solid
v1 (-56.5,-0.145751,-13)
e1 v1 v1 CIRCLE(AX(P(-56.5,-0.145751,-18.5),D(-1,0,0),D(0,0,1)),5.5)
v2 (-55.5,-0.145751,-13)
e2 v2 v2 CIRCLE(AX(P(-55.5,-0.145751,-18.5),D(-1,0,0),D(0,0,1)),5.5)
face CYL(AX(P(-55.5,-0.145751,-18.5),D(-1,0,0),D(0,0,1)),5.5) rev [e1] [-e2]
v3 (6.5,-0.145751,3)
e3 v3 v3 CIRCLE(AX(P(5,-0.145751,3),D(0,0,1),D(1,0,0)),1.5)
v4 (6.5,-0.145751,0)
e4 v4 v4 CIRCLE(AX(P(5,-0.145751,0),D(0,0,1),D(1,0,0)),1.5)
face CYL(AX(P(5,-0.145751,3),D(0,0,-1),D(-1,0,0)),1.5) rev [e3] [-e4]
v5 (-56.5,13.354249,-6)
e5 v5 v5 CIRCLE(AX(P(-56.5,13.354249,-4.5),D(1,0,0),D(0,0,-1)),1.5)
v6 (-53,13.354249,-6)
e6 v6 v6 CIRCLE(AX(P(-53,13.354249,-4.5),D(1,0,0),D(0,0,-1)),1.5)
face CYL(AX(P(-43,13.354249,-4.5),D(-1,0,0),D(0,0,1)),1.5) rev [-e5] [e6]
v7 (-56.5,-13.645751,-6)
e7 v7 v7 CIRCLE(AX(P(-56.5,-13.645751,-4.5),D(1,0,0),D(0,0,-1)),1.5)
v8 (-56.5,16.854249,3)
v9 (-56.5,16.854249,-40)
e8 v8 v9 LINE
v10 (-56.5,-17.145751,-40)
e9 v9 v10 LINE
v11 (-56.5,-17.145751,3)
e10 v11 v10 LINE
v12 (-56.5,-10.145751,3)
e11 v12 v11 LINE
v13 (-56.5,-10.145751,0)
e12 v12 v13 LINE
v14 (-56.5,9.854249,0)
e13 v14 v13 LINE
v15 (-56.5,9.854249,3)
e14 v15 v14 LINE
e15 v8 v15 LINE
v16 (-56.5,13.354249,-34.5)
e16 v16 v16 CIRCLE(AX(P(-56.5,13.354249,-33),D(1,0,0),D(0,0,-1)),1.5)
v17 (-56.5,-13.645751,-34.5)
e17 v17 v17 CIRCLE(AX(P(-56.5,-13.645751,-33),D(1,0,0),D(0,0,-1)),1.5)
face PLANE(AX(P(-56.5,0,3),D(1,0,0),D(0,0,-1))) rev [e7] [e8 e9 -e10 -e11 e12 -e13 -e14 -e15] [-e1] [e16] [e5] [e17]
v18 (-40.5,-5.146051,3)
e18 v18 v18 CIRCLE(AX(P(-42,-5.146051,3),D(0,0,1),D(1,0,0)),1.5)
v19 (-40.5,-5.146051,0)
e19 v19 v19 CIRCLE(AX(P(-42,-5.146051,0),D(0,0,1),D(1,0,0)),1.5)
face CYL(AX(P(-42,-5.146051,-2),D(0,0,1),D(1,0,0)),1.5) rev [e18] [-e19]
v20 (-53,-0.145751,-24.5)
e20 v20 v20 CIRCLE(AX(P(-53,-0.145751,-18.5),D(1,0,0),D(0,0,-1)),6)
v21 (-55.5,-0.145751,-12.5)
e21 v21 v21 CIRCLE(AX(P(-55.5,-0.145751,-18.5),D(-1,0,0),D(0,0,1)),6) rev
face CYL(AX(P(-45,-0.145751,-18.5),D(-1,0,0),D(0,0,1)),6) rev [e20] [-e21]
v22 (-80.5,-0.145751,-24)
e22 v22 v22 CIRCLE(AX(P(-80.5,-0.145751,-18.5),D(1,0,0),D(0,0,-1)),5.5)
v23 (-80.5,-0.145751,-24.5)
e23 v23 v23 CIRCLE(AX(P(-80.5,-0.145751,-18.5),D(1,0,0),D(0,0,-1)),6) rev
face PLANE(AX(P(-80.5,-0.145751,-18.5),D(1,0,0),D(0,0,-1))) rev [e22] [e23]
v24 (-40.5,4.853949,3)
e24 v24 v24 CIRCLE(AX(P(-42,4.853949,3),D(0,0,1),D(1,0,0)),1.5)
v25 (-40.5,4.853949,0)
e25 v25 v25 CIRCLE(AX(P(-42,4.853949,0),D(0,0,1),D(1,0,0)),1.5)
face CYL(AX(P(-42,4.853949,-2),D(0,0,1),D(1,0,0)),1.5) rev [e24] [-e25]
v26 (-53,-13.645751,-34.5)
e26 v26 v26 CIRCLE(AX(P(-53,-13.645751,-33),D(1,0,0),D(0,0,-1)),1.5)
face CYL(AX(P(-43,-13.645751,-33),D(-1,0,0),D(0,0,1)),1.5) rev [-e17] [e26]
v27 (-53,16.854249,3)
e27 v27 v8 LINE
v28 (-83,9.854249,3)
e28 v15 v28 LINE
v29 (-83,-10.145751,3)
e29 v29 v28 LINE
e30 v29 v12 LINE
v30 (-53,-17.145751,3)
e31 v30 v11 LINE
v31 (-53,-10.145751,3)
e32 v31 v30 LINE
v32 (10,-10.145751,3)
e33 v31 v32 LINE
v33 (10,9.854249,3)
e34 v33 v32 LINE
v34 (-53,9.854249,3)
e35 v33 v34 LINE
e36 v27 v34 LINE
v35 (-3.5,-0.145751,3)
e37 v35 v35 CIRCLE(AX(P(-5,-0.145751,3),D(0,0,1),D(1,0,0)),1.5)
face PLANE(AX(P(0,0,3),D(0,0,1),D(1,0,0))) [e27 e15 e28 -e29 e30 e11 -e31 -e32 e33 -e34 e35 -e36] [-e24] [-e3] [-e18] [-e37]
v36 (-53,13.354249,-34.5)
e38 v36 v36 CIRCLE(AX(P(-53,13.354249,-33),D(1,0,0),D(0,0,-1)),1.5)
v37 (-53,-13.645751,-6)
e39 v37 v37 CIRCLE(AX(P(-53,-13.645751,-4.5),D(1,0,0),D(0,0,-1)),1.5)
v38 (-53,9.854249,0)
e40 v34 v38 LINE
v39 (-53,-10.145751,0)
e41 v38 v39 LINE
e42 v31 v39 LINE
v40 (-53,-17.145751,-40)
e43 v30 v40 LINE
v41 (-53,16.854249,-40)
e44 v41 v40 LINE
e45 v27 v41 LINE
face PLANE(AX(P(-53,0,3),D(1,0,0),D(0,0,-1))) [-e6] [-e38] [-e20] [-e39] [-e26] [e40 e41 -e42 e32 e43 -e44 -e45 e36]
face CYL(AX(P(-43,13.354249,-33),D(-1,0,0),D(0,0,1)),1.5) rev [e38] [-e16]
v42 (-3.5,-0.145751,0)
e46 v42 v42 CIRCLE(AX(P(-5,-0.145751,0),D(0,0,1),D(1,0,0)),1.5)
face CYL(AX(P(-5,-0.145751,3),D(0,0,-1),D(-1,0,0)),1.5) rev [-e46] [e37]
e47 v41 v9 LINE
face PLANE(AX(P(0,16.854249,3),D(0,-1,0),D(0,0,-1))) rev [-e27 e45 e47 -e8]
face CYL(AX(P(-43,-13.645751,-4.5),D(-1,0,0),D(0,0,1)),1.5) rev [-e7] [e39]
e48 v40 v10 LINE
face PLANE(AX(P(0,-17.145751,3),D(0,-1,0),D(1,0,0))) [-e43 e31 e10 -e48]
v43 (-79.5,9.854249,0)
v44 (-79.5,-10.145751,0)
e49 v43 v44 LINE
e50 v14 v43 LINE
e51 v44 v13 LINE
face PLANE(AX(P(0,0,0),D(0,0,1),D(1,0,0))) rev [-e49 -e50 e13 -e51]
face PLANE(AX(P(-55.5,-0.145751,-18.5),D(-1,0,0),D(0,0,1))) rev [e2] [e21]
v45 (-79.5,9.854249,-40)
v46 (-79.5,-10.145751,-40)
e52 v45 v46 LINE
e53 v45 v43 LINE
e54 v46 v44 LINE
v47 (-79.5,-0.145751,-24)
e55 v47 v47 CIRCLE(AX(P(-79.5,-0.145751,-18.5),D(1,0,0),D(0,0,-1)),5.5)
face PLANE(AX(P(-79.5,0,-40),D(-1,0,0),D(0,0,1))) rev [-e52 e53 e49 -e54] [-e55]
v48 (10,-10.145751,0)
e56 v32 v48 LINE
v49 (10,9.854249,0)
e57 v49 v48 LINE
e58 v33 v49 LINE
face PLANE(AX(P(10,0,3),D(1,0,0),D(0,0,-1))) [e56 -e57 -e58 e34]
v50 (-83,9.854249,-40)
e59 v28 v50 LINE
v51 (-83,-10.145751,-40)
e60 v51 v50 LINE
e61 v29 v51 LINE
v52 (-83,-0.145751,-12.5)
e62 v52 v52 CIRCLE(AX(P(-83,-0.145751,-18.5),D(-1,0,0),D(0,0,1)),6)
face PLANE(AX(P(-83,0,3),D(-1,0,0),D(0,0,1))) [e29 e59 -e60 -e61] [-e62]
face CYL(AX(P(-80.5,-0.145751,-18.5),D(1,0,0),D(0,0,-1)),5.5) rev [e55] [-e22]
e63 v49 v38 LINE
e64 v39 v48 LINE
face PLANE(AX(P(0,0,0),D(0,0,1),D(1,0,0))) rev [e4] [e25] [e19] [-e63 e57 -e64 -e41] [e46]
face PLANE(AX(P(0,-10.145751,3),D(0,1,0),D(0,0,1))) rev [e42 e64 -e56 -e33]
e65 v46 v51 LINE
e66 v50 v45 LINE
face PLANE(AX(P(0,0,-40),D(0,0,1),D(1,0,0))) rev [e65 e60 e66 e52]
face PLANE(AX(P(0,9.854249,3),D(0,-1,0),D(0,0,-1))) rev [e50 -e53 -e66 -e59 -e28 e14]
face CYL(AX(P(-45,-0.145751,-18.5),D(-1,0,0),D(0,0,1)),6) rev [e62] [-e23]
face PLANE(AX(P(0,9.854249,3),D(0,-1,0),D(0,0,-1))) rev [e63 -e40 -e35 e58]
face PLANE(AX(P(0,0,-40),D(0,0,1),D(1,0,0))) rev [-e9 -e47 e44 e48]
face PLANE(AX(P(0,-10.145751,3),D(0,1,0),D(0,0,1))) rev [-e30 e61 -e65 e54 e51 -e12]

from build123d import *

# Parameters (mm, degrees)
SKETCH_1_R          = 1.5
EXTRUDE_1_DEPTH     = 3
EXTRUDE_2_DEPTH     = 40
SKETCH_2_R          = 1.5
CUT_EXTRUDE_1_DEPTH = 10
SKETCH_1_4_W        = 3.5
SKETCH_1_4_H        = 20
EXTRUDE_3_DEPTH     = 40
SKETCH_3_R          = 6
CUT_EXTRUDE_2_DEPTH = 38
SKETCH_4_R          = 6
SKETCH_4_R_2        = 5.5
EXTRUDE_4_DEPTH     = 1
EXTRUDE_START       = -1
SKETCH_5_R          = 6
SKETCH_5_R_2        = 5.5
EXTRUDE_5_DEPTH     = 1
SKETCH_7_R          = 1.5
CUT_EXTRUDE_4_DEPTH = 5


with BuildPart() as part:
    # 草图1 → 凸台-拉伸1 (new body)
    with BuildSketch(Plane.XY):
        Polygon((10, 9.854248689), (-53, 9.854248689), (-53, 16.854248689), (-56.5, 16.854248689), (-56.5, 9.854248689), (-83, 9.854248689), (-83, -10.145751311), (-56.5, -10.145751311), (-56.5, -17.145751311), (-53, -17.145751311), (-53, -10.145751311), (10, -10.145751311), align=None)
        with Locations((-5, -0.145751311)):
            Circle(SKETCH_1_R, mode=Mode.SUBTRACT)
        with Locations((5, -0.145751311)):
            Circle(SKETCH_1_R, mode=Mode.SUBTRACT)
    extrude(amount=EXTRUDE_1_DEPTH)

    # 草图1<3> → 凸台-拉伸2 (add)
    with BuildSketch(Plane.XY):
        Polygon((-56.5, 16.854248689), (-56.5, 9.854248689), (-56.5, -10.145751311), (-56.5, -17.145751311), (-53, -17.145751311), (-53, -0.145751311), (-53, 16.854248689), align=None)
    extrude(amount=-EXTRUDE_2_DEPTH)

    # 草图2 → 切除-拉伸1 (cut, symmetric)
    with BuildSketch(Plane(origin=(-53, 0, 0), x_dir=(0, 0, -1), z_dir=(-1, 0, 0))):
        with Locations((33, -13.354248689)):
            Circle(SKETCH_2_R)
        with Locations((4.5, 13.645751311)):
            Circle(SKETCH_2_R)
        with Locations((33, 13.645751311)):
            Circle(SKETCH_2_R)
        with Locations((4.5, -13.354248689)):
            Circle(SKETCH_2_R)
    extrude(amount=CUT_EXTRUDE_1_DEPTH, both=True, mode=Mode.SUBTRACT)

    # 草图1<4> → 凸台-拉伸3 (add)
    with BuildSketch(Plane.XY):
        with Locations((-81.25, -0.145751311)):
            Rectangle(SKETCH_1_4_W, SKETCH_1_4_H)
    extrude(amount=-EXTRUDE_3_DEPTH)

    # 草图3 → 切除-拉伸2 (cut)
    with BuildSketch(Plane.ZY.offset(83)):
        with Locations((-18.5, -0.145751311)):
            Circle(SKETCH_3_R)
    extrude(amount=-CUT_EXTRUDE_2_DEPTH, mode=Mode.SUBTRACT)

    # 草图4 → 凸台-拉伸4 (add)
    with BuildSketch(Plane.ZY.offset(56.5)):
        with Locations((-18.5, -0.145751311)):
            Circle(SKETCH_4_R)
        with Locations((-18.5, -0.145751311)):
            Circle(SKETCH_4_R_2, mode=Mode.SUBTRACT)
    extrude(amount=-EXTRUDE_4_DEPTH)

    # 草图5 → 凸台-拉伸5 (add)
    with BuildSketch(Plane(origin=(-79.5, 0, 0), x_dir=(0, 0, -1), z_dir=(1, 0, 0)).offset(EXTRUDE_START)):
        with Locations((18.5, -0.145751311)):
            Circle(SKETCH_5_R)
        with Locations((18.5, -0.145751311)):
            Circle(SKETCH_5_R_2, mode=Mode.SUBTRACT)
    extrude(amount=EXTRUDE_5_DEPTH)

    # 草图7 → 切除-拉伸4 (cut)
    with BuildSketch(Plane.XY.offset(3)):
        with Locations((-42, -5.146051054)):
            Circle(SKETCH_7_R)
        with Locations((-42, 4.853948946)):
            Circle(SKETCH_7_R)
    extrude(amount=-CUT_EXTRUDE_4_DEPTH, mode=Mode.SUBTRACT)


solid = part.part
